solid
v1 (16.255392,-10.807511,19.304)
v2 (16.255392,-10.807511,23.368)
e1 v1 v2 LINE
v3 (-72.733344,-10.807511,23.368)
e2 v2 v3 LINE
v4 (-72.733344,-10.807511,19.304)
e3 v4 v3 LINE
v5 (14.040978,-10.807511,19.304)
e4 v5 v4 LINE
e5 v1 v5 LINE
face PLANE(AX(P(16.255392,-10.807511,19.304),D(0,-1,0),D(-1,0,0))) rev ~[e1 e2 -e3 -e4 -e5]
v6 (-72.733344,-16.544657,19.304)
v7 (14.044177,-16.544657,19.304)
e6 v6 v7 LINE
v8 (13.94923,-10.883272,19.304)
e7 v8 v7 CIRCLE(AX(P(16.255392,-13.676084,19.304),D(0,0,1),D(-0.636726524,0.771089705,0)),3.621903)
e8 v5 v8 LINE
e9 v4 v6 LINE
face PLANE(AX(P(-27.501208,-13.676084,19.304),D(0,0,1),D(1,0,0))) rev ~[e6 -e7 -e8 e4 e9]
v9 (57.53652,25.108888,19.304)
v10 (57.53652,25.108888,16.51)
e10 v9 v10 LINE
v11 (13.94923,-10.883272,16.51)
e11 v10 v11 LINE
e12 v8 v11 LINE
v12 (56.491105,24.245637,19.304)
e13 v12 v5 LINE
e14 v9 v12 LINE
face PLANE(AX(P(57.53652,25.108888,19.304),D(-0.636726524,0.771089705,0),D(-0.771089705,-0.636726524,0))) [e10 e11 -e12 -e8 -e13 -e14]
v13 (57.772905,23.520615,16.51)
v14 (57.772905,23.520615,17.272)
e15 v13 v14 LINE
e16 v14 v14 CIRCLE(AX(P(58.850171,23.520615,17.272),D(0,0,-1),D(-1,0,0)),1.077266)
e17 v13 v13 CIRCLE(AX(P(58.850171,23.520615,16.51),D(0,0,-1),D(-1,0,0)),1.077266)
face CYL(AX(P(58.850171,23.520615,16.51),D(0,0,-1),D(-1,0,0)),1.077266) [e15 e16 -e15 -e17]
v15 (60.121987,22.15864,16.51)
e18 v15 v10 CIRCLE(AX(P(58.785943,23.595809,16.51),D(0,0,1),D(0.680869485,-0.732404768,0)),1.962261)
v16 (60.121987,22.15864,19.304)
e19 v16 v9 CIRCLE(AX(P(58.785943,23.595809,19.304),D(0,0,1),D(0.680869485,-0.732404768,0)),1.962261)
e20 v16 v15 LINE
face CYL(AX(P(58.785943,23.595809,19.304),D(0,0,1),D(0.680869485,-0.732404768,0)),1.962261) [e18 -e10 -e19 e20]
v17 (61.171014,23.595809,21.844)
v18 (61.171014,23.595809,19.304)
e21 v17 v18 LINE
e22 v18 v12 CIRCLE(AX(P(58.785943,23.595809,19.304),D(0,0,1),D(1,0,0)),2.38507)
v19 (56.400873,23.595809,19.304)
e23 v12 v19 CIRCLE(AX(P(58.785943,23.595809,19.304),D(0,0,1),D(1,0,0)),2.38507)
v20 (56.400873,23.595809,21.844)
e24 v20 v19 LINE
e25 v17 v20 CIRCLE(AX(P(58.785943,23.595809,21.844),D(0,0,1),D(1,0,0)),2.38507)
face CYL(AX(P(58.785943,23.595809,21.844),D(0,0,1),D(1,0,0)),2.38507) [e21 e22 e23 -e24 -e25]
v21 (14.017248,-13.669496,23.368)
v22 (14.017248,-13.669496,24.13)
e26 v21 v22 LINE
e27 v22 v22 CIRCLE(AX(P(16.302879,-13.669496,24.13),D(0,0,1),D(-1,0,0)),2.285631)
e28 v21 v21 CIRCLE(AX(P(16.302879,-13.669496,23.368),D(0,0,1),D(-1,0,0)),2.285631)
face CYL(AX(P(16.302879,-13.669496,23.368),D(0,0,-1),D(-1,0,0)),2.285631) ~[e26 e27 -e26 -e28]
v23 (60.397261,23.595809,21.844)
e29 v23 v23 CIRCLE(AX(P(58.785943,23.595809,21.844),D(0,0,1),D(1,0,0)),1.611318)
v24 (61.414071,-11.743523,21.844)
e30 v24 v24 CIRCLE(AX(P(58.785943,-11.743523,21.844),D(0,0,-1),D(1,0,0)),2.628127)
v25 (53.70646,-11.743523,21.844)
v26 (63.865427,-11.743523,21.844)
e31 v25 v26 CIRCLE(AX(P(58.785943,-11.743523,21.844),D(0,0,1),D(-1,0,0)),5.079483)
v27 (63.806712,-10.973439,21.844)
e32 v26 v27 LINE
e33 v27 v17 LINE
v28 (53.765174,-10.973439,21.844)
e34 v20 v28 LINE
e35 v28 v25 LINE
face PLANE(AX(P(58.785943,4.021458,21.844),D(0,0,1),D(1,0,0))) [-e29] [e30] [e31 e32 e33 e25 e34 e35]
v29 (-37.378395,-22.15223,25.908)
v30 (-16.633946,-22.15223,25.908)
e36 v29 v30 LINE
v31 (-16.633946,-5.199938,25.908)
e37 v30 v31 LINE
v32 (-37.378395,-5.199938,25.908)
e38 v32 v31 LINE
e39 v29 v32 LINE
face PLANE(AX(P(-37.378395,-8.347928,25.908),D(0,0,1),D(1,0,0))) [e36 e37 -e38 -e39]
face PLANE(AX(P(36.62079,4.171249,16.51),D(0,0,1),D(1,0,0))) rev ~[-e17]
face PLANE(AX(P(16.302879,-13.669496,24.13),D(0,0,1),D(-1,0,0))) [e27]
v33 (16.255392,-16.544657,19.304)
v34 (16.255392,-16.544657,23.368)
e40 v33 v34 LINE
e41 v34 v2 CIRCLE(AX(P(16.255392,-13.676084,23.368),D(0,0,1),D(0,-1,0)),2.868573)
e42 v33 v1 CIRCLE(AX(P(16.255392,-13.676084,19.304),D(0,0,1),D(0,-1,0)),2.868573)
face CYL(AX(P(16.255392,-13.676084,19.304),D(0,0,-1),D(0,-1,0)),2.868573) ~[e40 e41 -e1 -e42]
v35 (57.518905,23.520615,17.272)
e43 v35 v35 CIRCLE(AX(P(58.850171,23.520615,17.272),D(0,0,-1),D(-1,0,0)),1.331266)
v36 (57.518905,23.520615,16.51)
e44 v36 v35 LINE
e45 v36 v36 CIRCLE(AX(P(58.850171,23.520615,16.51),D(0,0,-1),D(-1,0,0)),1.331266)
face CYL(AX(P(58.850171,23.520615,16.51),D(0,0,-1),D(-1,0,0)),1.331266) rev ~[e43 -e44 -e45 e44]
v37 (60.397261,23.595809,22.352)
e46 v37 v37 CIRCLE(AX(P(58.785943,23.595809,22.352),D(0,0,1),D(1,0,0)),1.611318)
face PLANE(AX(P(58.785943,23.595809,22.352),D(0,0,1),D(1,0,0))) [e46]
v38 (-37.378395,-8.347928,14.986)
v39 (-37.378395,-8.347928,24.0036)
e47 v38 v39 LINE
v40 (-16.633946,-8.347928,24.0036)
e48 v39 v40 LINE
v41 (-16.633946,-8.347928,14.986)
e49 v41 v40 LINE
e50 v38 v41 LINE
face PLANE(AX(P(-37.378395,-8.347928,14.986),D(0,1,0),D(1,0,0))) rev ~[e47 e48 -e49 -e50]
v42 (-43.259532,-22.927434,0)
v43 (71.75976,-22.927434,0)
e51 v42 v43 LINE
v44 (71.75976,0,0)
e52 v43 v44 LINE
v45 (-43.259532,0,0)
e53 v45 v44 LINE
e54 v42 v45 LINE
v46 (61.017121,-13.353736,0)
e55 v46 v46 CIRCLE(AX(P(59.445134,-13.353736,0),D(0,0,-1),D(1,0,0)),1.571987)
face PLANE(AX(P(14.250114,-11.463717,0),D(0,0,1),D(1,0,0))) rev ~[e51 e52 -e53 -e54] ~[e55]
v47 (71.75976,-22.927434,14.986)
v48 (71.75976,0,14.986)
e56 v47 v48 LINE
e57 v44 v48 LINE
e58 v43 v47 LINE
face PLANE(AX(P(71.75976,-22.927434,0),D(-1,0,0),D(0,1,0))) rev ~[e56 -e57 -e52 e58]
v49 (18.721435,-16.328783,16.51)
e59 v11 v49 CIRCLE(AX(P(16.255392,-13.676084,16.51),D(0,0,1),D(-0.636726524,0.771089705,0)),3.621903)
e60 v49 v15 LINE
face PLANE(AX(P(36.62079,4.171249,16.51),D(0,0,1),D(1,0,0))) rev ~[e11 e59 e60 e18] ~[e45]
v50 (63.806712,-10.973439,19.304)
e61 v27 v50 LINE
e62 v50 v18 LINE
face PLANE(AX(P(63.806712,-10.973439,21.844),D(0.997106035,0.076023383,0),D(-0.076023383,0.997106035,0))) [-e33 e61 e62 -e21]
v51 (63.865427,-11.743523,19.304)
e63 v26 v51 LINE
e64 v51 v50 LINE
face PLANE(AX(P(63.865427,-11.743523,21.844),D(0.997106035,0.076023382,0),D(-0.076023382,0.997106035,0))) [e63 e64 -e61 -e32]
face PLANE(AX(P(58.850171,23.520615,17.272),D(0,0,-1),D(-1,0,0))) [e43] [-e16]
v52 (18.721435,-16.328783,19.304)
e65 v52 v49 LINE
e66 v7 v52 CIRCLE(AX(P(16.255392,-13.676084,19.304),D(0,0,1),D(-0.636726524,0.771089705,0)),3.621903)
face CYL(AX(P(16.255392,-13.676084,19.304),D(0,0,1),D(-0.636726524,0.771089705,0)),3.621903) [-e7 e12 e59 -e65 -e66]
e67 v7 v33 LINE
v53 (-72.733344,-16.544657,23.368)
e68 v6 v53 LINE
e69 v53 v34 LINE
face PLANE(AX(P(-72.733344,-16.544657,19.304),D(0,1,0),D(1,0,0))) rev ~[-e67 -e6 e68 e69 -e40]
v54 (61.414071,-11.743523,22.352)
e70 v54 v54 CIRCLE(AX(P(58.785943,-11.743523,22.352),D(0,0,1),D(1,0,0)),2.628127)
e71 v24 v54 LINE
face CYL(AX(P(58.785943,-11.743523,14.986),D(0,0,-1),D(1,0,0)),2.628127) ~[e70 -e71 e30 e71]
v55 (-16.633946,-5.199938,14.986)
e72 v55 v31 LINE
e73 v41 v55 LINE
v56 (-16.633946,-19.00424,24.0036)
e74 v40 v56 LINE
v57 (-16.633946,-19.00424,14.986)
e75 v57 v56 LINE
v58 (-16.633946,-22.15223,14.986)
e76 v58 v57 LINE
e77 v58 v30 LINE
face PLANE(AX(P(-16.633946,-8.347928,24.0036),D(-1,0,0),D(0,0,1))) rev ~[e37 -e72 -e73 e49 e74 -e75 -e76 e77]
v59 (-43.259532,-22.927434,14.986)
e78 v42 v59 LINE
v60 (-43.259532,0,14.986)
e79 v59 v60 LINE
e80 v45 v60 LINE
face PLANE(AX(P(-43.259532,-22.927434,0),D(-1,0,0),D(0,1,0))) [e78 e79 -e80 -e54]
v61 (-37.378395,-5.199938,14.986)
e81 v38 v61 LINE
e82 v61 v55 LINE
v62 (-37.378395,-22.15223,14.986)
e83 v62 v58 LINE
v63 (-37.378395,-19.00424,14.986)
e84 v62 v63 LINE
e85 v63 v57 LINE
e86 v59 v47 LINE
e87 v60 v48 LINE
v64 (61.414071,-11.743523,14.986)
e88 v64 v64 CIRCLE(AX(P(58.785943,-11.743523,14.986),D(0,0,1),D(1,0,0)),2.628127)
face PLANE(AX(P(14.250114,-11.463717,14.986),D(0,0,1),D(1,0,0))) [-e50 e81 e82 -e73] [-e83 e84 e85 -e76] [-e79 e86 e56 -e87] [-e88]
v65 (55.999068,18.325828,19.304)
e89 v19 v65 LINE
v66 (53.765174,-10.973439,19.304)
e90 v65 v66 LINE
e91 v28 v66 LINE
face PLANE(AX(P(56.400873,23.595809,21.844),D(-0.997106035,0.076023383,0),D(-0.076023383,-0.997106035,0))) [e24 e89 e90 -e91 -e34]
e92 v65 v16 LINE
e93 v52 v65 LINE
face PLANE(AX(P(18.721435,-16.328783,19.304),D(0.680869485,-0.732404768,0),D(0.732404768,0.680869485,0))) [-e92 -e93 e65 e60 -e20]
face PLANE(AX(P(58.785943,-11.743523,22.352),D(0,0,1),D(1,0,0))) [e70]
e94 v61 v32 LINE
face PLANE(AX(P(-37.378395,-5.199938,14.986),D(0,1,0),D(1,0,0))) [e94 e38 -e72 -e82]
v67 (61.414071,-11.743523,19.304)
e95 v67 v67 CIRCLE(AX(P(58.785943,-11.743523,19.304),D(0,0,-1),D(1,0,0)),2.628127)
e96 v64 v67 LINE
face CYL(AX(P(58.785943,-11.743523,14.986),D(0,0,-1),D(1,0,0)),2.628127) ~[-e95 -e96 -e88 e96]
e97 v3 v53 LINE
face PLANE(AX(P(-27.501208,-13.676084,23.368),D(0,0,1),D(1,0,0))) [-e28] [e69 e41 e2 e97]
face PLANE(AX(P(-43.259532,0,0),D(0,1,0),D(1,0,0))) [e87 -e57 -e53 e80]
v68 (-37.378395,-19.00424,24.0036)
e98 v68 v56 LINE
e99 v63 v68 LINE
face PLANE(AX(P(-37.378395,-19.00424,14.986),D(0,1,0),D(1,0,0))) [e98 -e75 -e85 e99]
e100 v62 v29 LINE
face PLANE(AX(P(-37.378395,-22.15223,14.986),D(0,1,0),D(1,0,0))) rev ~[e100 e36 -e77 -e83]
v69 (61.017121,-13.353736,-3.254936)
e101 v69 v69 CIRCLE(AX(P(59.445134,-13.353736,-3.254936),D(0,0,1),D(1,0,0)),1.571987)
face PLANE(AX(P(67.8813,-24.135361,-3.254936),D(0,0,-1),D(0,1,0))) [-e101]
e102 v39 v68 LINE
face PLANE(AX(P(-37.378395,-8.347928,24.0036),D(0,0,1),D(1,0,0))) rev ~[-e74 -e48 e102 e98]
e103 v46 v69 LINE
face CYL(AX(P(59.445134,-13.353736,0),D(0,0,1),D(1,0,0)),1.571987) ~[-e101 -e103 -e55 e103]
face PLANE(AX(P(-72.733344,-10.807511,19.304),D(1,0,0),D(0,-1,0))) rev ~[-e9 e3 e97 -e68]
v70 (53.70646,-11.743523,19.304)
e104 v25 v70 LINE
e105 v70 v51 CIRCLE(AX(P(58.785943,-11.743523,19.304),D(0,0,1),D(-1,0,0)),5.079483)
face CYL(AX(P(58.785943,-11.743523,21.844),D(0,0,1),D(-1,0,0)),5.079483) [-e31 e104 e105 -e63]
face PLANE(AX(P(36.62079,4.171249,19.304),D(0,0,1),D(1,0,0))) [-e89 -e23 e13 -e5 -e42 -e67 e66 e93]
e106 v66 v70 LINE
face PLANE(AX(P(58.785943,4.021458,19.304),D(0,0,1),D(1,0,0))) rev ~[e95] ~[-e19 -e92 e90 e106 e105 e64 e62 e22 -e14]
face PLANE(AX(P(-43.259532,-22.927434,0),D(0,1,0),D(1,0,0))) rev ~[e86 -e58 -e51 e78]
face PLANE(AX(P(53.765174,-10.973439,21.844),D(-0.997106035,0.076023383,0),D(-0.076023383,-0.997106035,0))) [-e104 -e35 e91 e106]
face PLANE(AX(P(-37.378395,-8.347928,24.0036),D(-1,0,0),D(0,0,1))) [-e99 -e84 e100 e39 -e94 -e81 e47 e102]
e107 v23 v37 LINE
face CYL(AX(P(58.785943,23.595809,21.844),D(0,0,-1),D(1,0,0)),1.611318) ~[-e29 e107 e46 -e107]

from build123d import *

# Parameters (mm, degrees)
SKETCH_1_W          = 115.019292035
SKETCH_1_H          = 22.927433628
EXTRUDE_1_DEPTH     = 14.986
SKETCH_2_R          = 2.628127437
EXTRUDE_2_DEPTH     = 7.366
EXTRUDE_3_DEPTH     = 2.54
EXTRUDE_4_DEPTH     = 2.794
SKETCH_6_R          = 1.611317842
EXTRUDE_5_DEPTH     = 0.508
EXTRUDE_6_DEPTH     = 4.064
SKETCH_8_W          = 20.74444914
SKETCH_8_H          = 3.147990337
SKETCH_8_H_2        = 3.147990336
EXTRUDE_7_DEPTH     = 10.922
SKETCH_9_W          = 20.74444914
SKETCH_9_H          = 1.904400454
EXTRUDE_8_DEPTH     = 10.922
SKETCH_10_R         = 2.28563118
EXTRUDE_9_DEPTH     = 0.762
SKETCH_11_R         = 1.571986642
EXTRUDE_10_DEPTH    = 3.302
SKETCH_12_W         = 17.575344956
SKETCH_12_H         = 16.755162191
EXTRUDE_11_DEPTH    = 13.462
SKETCH_13_R         = 1.331265642
SKETCH_13_R_2       = 1.077265642
CUT_EXTRUDE_1_DEPTH = 0.762
SKETCH_14_W         = 16.834327137
SKETCH_14_H         = 20.427018904
CUT_EXTRUDE_2_DEPTH = 28.194


with BuildPart() as part:
    # 草图1 → 凸台-拉伸1 (new body)
    with BuildSketch(Plane.XY):
        with Locations((14.25011379, -11.463716814)):
            Rectangle(SKETCH_1_W, SKETCH_1_H)
    extrude(amount=EXTRUDE_1_DEPTH)

    # 草图2 → 凸台-拉伸2 (add)
    with BuildSketch(Plane.XY.offset(14.986)):
        with Locations((58.785943209, -11.743523072)):
            Circle(SKETCH_2_R)
    extrude(amount=EXTRUDE_2_DEPTH)

    # 草图3 → 凸台-拉伸3 (add)
    with BuildSketch(Plane.XY.offset(21.844)):
        with BuildLine():
            Line((53.76517402, -10.973439102), (53.706459714, -11.743523072))
            ThreePointArc((53.706459714, -11.743523072), (58.785943209, -16.823006567), (63.865426703, -11.743523072))
            Line((63.865426703, -11.743523072), (63.806712398, -10.973439102))
            Line((63.806712398, -10.973439102), (61.171013627, 23.595808677))
            ThreePointArc((61.171013627, 23.595808677), (58.785943209, 25.980879095), (56.400872791, 23.595808677))
            Line((56.400872791, 23.595808677), (53.76517402, -10.973439102))
        make_face()
    extrude(amount=-EXTRUDE_3_DEPTH)

    # 草图5 → 凸台-拉伸4 (add)
    with BuildSketch(Plane(origin=(0, 0, 19.304), x_dir=(-1, 0, 0), z_dir=(0, 0, -1))):
        with BuildLine():
            Line((-57.536519865, 25.108887591), (-13.949230135, -10.883271683))
            ThreePointArc((-13.949230135, -10.883271683), (-13.53146296, -16.06321478), (-18.721435344, -16.328783135))
            Line((-18.721435344, -16.328783135), (-60.121986544, 22.158639689))
            ThreePointArc((-60.121986544, 22.158639689), (-60.261702819, 24.88909908), (-57.536519865, 25.108887591))
        make_face()
    extrude(amount=EXTRUDE_4_DEPTH)

    # 草图6 → 凸台-拉伸5 (add)
    with BuildSketch(Plane.XY.offset(21.844)):
        with Locations((58.785943209, 23.595808677)):
            Circle(SKETCH_6_R)
    extrude(amount=EXTRUDE_5_DEPTH)

    # 草图7 → 凸台-拉伸6 (add)
    with BuildSketch(Plane.XY.offset(19.304)):
        with BuildLine():
            Line((16.255391973, -10.80751129), (-72.73334393, -10.80751129))
            Line((-72.73334393, -10.80751129), (-72.73334393, -16.544656626))
            Line((-72.73334393, -16.544656626), (16.255391973, -16.544656626))
            ThreePointArc((16.255391973, -16.544656626), (19.123964641, -13.676083958), (16.255391973, -10.80751129))
        make_face()
    extrude(amount=EXTRUDE_6_DEPTH)

    # 草图8 → 凸台-拉伸7 (add)
    with BuildSketch(Plane.XY.offset(14.986)):
        with Locations((-27.006170601, -20.578235082)):
            Rectangle(SKETCH_8_W, SKETCH_8_H)
        with Locations((-27.006170601, -6.773932835)):
            Rectangle(SKETCH_8_W, SKETCH_8_H_2)
    extrude(amount=EXTRUDE_7_DEPTH)

    # 草图9 → 凸台-拉伸8 (add)
    with BuildSketch(Plane.XZ.offset(8.347928003)):
        with Locations((-27.006170601, 24.955799773)):
            Rectangle(SKETCH_9_W, SKETCH_9_H)
    extrude(amount=EXTRUDE_8_DEPTH)

    # 草图10 → 凸台-拉伸9 (add)
    with BuildSketch(Plane.XY.offset(23.368)):
        with Locations(Location((16.302879151, -13.669496202, 0), (0, 0, 180))):
            Circle(SKETCH_10_R)
    extrude(amount=EXTRUDE_9_DEPTH)

    # 草图11 → 凸台-拉伸10 (add)
    with BuildSketch(Plane(origin=(0, 0, 0), x_dir=(-1, 0, 0), z_dir=(0, 0, -1))):
        with Locations(Location((-59.445134238, -13.353735996, 0), (0, 0, 180))):
            Circle(SKETCH_11_R)
    extrude(amount=EXTRUDE_10_DEPTH)

    # 草图12 → 凸台-拉伸11 (add)
    with BuildSketch(Plane(origin=(0, 0, -3.302), x_dir=(-1, 0, 0), z_dir=(0, 0, -1))):
        with Locations((-59.093627339, -14.115334278)):
            Rectangle(SKETCH_12_W, SKETCH_12_H)
    extrude(amount=EXTRUDE_11_DEPTH)

    # 草图13 → 切除-拉伸1 (cut)
    with BuildSketch(Plane(origin=(0, 0, 16.51), x_dir=(-1, 0, 0), z_dir=(0, 0, -1))):
        with Locations((-58.850171018, 23.520615078)):
            Circle(SKETCH_13_R)
        with Locations((-58.850171018, 23.520615078)):
            Circle(SKETCH_13_R_2, mode=Mode.SUBTRACT)
    extrude(amount=-CUT_EXTRUDE_1_DEPTH, mode=Mode.SUBTRACT)

    # 草图14 → 切除-拉伸2 (cut)
    with BuildSketch(Plane(origin=(67.881299817, 0, 0), x_dir=(0, 0, -1), z_dir=(1, 0, 0))):
        with Locations((11.672099204, -13.921851865)):
            Rectangle(SKETCH_14_W, SKETCH_14_H)
    extrude(amount=-CUT_EXTRUDE_2_DEPTH, mode=Mode.SUBTRACT)


solid = part.part
